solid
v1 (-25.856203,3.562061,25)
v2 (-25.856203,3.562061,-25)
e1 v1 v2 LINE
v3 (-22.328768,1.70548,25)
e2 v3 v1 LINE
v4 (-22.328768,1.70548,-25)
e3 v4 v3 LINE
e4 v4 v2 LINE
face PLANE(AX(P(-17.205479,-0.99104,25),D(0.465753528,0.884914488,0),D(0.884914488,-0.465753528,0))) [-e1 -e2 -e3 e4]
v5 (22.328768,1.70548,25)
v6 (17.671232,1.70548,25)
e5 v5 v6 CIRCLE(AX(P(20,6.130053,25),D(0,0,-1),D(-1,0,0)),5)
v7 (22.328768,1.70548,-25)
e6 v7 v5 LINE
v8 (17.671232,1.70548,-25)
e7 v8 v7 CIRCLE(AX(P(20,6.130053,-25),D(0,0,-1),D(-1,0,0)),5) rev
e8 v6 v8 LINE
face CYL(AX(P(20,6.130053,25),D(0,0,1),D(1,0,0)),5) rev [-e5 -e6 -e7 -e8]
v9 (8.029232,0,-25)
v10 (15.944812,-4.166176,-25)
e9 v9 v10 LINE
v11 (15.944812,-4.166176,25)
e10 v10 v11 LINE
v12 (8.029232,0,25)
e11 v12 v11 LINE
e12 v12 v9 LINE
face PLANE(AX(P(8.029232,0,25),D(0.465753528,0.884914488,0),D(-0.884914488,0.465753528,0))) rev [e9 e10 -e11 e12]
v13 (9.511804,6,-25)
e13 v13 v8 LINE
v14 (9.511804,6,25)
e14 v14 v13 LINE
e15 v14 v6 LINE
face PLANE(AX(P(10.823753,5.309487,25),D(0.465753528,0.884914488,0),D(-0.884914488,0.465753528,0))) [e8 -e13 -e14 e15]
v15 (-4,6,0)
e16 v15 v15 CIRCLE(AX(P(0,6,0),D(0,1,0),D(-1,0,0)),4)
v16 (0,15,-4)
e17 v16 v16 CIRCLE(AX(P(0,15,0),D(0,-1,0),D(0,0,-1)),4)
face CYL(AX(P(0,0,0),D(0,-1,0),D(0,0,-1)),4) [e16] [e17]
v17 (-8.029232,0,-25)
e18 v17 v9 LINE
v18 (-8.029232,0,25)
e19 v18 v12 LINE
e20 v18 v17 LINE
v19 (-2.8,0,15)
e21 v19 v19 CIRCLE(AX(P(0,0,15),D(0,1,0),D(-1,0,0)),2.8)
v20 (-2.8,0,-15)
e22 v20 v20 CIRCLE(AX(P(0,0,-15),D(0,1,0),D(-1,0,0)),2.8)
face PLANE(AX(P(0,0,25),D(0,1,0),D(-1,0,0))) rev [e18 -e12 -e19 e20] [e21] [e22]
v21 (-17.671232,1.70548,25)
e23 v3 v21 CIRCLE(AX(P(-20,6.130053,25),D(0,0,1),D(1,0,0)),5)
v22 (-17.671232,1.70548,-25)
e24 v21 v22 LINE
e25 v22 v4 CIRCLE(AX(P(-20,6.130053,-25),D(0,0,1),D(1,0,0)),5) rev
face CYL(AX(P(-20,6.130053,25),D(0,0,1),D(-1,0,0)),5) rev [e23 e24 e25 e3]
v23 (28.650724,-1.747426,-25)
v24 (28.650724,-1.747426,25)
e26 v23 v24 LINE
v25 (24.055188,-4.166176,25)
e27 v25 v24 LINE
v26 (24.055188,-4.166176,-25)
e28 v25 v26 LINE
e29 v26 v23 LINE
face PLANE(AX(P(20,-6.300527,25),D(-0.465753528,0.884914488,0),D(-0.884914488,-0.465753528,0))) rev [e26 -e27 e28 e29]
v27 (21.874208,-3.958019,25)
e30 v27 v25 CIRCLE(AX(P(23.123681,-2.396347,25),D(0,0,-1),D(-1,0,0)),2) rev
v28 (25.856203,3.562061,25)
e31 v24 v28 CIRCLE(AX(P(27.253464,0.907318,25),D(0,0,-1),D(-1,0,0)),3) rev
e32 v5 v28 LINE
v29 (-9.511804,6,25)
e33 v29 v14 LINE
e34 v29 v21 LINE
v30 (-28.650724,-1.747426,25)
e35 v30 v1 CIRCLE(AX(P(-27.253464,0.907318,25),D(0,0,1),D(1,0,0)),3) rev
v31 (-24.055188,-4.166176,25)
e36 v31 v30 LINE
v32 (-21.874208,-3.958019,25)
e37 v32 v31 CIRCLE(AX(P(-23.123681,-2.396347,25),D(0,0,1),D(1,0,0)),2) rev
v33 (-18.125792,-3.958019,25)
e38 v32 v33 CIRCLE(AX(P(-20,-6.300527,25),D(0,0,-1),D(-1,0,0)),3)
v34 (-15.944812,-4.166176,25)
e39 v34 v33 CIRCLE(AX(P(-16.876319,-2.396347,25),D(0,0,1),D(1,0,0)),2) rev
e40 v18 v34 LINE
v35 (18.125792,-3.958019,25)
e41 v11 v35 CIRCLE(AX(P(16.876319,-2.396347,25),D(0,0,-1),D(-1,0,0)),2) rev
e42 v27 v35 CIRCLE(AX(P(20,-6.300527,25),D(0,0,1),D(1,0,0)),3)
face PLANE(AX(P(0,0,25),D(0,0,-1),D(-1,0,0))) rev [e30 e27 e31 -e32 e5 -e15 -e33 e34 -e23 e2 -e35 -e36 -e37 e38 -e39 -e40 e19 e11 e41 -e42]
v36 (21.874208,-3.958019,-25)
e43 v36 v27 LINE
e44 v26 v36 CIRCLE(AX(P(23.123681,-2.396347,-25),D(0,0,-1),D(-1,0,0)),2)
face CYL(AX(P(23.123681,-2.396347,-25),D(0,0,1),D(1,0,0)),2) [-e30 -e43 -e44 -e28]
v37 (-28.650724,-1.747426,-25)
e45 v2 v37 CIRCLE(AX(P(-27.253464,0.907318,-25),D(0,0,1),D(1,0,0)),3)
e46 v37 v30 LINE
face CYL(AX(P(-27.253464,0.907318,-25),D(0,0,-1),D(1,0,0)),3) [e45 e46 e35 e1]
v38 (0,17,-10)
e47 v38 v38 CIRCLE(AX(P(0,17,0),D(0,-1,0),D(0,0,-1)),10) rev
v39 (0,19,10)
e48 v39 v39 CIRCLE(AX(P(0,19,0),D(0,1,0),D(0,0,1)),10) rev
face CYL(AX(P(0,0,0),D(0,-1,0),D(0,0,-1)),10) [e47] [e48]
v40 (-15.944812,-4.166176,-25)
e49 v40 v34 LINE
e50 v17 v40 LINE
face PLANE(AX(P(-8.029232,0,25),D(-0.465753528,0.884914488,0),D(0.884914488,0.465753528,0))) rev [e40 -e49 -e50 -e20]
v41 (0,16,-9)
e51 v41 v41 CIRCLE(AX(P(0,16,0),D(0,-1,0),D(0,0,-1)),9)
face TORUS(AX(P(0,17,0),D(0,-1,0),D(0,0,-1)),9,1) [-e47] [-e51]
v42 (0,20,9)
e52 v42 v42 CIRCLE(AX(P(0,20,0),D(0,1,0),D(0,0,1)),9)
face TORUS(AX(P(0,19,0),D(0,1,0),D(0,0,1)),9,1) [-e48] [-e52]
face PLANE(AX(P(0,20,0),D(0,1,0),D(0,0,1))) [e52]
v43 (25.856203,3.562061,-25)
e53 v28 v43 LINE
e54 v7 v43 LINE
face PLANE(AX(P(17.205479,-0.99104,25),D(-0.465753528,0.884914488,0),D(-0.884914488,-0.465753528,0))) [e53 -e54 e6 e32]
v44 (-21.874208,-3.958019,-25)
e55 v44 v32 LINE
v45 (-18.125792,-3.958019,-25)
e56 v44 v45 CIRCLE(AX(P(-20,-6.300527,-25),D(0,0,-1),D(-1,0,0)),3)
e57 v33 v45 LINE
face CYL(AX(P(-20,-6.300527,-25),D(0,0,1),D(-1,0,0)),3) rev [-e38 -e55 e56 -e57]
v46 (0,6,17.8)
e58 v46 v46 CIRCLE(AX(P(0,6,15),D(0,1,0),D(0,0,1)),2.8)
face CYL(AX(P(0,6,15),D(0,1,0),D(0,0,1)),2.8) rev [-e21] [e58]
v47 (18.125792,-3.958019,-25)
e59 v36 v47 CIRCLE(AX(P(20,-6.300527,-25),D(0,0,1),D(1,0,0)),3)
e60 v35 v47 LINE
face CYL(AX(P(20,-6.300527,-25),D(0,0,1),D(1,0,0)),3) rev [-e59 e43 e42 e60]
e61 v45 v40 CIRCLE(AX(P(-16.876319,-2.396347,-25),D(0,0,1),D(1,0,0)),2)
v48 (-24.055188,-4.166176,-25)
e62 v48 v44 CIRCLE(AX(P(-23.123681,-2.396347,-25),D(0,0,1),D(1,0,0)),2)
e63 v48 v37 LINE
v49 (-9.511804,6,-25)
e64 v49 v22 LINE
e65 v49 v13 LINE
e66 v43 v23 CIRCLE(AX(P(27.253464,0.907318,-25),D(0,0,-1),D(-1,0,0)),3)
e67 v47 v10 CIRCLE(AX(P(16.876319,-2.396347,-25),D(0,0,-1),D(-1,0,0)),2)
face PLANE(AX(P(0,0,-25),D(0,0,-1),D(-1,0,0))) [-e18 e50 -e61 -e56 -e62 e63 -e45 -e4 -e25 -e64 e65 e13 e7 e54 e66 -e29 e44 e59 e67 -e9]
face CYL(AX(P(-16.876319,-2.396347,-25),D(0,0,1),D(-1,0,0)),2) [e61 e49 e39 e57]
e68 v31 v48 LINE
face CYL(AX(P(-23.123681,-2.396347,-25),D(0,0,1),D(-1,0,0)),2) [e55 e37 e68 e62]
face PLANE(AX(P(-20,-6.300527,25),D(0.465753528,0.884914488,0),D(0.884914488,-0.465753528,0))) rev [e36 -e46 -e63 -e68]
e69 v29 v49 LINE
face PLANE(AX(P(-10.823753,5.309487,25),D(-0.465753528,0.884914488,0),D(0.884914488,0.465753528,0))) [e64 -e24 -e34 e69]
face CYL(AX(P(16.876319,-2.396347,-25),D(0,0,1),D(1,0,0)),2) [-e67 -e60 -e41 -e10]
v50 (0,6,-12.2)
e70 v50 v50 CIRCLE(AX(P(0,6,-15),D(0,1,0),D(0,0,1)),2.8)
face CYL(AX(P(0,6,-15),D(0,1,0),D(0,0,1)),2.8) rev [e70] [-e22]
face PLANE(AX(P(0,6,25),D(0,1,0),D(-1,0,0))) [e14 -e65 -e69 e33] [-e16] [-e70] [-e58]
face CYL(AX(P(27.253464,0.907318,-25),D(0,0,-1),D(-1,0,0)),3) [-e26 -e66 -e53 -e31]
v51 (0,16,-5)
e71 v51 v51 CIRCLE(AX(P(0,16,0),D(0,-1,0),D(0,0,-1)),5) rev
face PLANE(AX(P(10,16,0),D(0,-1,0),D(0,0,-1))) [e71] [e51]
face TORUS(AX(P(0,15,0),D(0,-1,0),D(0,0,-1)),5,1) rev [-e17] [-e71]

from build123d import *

# Parameters (mm, degrees)
EXTRUIR_L_MINA1_DEPTH           = 25
REDONDEO1_R                     = 5
CROQUIS2_R                      = 3
CORTAR_EXTRUIR1_DEPTH           = 41.555257948
REDONDEO2_RADIUS                = 3
REDONDEO2_LENGTH                = 50
REDONDEO3_R                     = 2
REDONDEO1_OF_SIMETR_A1_R        = 5
REDONDEO2_OF_SIMETR_A1_2_RADIUS = 3
REDONDEO2_OF_SIMETR_A1_2_LENGTH = 50
REDONDEO3_OF_SIMETR_A1_R        = 2
TALADRO2_D                      = 5.6
REDONDEO4_R                     = 1


with BuildPart() as part:
    # Croquis1 → Extruir-Lámina1 (new, symmetric)
    with BuildSketch(Plane.XY):
        Polygon((0, 0), (8.029231721, 0), (20, -6.300526927), (31.305467696, -0.350165014), (28.510946527, 4.959321914), (20, 0.479789229), (9.511803576, 6), (0, 6), align=None)
    extruir_l_mina1 = extrude(amount=EXTRUIR_L_MINA1_DEPTH, both=True)

    # Redondeo1
    redondeo1_edges = [part.edges().sort_by_distance(p)[0] for p in [
        (20, 0.479789229, 0),
    ]]
    fillet(redondeo1_edges, radius=REDONDEO1_R)

    # Croquis2 → Cortar-Extruir1 (cut, symmetric)
    with BuildSketch(Plane.XY):
        with Locations((20, -6.300526927)):
            Circle(CROQUIS2_R)
    cortar_extruir1 = extrude(amount=CORTAR_EXTRUIR1_DEPTH, both=True, mode=Mode.SUBTRACT)

    # Redondeo2: full round fillet: the end face becomes a half cylinder, R = half its width
    redondeo2_face = Plane((29.908207112, 2.30457845, 0), x_dir=(0, 0, 1), z_dir=(0.884914487987, 0.465753528113, 0))  # on the end face: x along it, z out of the body
    redondeo2_slab = redondeo2_face.offset(-REDONDEO2_RADIUS / 2) * Box(REDONDEO2_LENGTH, 2 * REDONDEO2_RADIUS, REDONDEO2_RADIUS, mode=Mode.PRIVATE)  # the body's end, R deep
    redondeo2_round = Plane((27.253463648, 0.907317866, 0), x_dir=(0.884914487987, 0.465753528113, 0), z_dir=(0, 0, 1)) * Cylinder(REDONDEO2_RADIUS, REDONDEO2_LENGTH, mode=Mode.PRIVATE)  # its axis R under the face
    add(redondeo2_slab - redondeo2_round, mode=Mode.SUBTRACT)

    # Redondeo3
    redondeo3_edges = [part.edges().sort_by_distance(p)[0] for p in [
        (22.654743464, -4.903266343, 0),
        (17.345256536, -4.903266343, 0),
    ]]
    fillet(redondeo3_edges, radius=REDONDEO3_R)

    # Simetría1: Extruir-Lámina1, Cortar-Extruir1 across plane
    add(extruir_l_mina1.mirror(Plane(origin=(0, 0, 0), x_dir=(0, 0, 1), z_dir=(1, 0, 0))))
    add(cortar_extruir1.mirror(Plane(origin=(0, 0, 0), x_dir=(0, 0, 1), z_dir=(1, 0, 0))), mode=Mode.SUBTRACT)

    # Redondeo1 of Simetría1
    redondeo1_of_simetr_a1_edges = [part.edges().sort_by_distance(p)[0] for p in [
        (-20, 0.479789229, 0),
    ]]
    fillet(redondeo1_of_simetr_a1_edges, radius=REDONDEO1_OF_SIMETR_A1_R)

    # Redondeo2 of Simetr_a1 2: full round fillet: the end face becomes a half cylinder, R = half its width
    redondeo2_of_simetr_a1_2_face = Plane((-29.908207112, 2.30457845, 0), x_dir=(0, 0, 1), z_dir=(-0.884914487987, 0.465753528113, 0))  # on the end face: x along it, z out of the body
    redondeo2_of_simetr_a1_2_slab = redondeo2_of_simetr_a1_2_face.offset(-REDONDEO2_OF_SIMETR_A1_2_RADIUS / 2) * Box(REDONDEO2_OF_SIMETR_A1_2_LENGTH, 2 * REDONDEO2_OF_SIMETR_A1_2_RADIUS, REDONDEO2_OF_SIMETR_A1_2_RADIUS, mode=Mode.PRIVATE)  # the body's end, R deep
    redondeo2_of_simetr_a1_2_round = Plane((-27.253463648, 0.907317866, 0), x_dir=(-0.884914487987, 0.465753528113, 0), z_dir=(0, 0, 1)) * Cylinder(REDONDEO2_OF_SIMETR_A1_2_RADIUS, REDONDEO2_OF_SIMETR_A1_2_LENGTH, mode=Mode.PRIVATE)  # its axis R under the face
    add(redondeo2_of_simetr_a1_2_slab - redondeo2_of_simetr_a1_2_round, mode=Mode.SUBTRACT)

    # Redondeo3 of Simetría1
    redondeo3_of_simetr_a1_edges = [part.edges().sort_by_distance(p)[0] for p in [
        (-22.654743464, -4.903266343, 0),
        (-17.345256536, -4.903266343, 0),
    ]]
    fillet(redondeo3_of_simetr_a1_edges, radius=REDONDEO3_OF_SIMETR_A1_R)

    # Taladro2 (through all)
    with Locations(Plane(origin=(0, 6, 0), x_dir=(1, 0, 0), z_dir=(0, 1, 0))):
        with Locations((0, 15), (0, -15)):
            Hole(TALADRO2_D / 2)

    # Croquis5 → Revolución1 (revolve)
    with BuildSketch(Plane.XY, mode=Mode.PRIVATE) as revoluci_n1_sk:
        Polygon((0, 0), (0, 20), (10, 20), (10, 16), (4, 16), (4, 0), align=None)
    revolve(revoluci_n1_sk.sketch.rotate(Axis((0, 0, 0), (0, 1, 0)), 90), axis=Axis((0, 0, 0), (0, 1, 0)))

    # Redondeo4
    redondeo4_edges = [part.edges().sort_by_distance(p)[0] for p in [
        (0, 20, 10),
        (0, 16, 10),
        (0, 16, 4),
    ]]
    fillet(redondeo4_edges, radius=REDONDEO4_R)


solid = part.part
